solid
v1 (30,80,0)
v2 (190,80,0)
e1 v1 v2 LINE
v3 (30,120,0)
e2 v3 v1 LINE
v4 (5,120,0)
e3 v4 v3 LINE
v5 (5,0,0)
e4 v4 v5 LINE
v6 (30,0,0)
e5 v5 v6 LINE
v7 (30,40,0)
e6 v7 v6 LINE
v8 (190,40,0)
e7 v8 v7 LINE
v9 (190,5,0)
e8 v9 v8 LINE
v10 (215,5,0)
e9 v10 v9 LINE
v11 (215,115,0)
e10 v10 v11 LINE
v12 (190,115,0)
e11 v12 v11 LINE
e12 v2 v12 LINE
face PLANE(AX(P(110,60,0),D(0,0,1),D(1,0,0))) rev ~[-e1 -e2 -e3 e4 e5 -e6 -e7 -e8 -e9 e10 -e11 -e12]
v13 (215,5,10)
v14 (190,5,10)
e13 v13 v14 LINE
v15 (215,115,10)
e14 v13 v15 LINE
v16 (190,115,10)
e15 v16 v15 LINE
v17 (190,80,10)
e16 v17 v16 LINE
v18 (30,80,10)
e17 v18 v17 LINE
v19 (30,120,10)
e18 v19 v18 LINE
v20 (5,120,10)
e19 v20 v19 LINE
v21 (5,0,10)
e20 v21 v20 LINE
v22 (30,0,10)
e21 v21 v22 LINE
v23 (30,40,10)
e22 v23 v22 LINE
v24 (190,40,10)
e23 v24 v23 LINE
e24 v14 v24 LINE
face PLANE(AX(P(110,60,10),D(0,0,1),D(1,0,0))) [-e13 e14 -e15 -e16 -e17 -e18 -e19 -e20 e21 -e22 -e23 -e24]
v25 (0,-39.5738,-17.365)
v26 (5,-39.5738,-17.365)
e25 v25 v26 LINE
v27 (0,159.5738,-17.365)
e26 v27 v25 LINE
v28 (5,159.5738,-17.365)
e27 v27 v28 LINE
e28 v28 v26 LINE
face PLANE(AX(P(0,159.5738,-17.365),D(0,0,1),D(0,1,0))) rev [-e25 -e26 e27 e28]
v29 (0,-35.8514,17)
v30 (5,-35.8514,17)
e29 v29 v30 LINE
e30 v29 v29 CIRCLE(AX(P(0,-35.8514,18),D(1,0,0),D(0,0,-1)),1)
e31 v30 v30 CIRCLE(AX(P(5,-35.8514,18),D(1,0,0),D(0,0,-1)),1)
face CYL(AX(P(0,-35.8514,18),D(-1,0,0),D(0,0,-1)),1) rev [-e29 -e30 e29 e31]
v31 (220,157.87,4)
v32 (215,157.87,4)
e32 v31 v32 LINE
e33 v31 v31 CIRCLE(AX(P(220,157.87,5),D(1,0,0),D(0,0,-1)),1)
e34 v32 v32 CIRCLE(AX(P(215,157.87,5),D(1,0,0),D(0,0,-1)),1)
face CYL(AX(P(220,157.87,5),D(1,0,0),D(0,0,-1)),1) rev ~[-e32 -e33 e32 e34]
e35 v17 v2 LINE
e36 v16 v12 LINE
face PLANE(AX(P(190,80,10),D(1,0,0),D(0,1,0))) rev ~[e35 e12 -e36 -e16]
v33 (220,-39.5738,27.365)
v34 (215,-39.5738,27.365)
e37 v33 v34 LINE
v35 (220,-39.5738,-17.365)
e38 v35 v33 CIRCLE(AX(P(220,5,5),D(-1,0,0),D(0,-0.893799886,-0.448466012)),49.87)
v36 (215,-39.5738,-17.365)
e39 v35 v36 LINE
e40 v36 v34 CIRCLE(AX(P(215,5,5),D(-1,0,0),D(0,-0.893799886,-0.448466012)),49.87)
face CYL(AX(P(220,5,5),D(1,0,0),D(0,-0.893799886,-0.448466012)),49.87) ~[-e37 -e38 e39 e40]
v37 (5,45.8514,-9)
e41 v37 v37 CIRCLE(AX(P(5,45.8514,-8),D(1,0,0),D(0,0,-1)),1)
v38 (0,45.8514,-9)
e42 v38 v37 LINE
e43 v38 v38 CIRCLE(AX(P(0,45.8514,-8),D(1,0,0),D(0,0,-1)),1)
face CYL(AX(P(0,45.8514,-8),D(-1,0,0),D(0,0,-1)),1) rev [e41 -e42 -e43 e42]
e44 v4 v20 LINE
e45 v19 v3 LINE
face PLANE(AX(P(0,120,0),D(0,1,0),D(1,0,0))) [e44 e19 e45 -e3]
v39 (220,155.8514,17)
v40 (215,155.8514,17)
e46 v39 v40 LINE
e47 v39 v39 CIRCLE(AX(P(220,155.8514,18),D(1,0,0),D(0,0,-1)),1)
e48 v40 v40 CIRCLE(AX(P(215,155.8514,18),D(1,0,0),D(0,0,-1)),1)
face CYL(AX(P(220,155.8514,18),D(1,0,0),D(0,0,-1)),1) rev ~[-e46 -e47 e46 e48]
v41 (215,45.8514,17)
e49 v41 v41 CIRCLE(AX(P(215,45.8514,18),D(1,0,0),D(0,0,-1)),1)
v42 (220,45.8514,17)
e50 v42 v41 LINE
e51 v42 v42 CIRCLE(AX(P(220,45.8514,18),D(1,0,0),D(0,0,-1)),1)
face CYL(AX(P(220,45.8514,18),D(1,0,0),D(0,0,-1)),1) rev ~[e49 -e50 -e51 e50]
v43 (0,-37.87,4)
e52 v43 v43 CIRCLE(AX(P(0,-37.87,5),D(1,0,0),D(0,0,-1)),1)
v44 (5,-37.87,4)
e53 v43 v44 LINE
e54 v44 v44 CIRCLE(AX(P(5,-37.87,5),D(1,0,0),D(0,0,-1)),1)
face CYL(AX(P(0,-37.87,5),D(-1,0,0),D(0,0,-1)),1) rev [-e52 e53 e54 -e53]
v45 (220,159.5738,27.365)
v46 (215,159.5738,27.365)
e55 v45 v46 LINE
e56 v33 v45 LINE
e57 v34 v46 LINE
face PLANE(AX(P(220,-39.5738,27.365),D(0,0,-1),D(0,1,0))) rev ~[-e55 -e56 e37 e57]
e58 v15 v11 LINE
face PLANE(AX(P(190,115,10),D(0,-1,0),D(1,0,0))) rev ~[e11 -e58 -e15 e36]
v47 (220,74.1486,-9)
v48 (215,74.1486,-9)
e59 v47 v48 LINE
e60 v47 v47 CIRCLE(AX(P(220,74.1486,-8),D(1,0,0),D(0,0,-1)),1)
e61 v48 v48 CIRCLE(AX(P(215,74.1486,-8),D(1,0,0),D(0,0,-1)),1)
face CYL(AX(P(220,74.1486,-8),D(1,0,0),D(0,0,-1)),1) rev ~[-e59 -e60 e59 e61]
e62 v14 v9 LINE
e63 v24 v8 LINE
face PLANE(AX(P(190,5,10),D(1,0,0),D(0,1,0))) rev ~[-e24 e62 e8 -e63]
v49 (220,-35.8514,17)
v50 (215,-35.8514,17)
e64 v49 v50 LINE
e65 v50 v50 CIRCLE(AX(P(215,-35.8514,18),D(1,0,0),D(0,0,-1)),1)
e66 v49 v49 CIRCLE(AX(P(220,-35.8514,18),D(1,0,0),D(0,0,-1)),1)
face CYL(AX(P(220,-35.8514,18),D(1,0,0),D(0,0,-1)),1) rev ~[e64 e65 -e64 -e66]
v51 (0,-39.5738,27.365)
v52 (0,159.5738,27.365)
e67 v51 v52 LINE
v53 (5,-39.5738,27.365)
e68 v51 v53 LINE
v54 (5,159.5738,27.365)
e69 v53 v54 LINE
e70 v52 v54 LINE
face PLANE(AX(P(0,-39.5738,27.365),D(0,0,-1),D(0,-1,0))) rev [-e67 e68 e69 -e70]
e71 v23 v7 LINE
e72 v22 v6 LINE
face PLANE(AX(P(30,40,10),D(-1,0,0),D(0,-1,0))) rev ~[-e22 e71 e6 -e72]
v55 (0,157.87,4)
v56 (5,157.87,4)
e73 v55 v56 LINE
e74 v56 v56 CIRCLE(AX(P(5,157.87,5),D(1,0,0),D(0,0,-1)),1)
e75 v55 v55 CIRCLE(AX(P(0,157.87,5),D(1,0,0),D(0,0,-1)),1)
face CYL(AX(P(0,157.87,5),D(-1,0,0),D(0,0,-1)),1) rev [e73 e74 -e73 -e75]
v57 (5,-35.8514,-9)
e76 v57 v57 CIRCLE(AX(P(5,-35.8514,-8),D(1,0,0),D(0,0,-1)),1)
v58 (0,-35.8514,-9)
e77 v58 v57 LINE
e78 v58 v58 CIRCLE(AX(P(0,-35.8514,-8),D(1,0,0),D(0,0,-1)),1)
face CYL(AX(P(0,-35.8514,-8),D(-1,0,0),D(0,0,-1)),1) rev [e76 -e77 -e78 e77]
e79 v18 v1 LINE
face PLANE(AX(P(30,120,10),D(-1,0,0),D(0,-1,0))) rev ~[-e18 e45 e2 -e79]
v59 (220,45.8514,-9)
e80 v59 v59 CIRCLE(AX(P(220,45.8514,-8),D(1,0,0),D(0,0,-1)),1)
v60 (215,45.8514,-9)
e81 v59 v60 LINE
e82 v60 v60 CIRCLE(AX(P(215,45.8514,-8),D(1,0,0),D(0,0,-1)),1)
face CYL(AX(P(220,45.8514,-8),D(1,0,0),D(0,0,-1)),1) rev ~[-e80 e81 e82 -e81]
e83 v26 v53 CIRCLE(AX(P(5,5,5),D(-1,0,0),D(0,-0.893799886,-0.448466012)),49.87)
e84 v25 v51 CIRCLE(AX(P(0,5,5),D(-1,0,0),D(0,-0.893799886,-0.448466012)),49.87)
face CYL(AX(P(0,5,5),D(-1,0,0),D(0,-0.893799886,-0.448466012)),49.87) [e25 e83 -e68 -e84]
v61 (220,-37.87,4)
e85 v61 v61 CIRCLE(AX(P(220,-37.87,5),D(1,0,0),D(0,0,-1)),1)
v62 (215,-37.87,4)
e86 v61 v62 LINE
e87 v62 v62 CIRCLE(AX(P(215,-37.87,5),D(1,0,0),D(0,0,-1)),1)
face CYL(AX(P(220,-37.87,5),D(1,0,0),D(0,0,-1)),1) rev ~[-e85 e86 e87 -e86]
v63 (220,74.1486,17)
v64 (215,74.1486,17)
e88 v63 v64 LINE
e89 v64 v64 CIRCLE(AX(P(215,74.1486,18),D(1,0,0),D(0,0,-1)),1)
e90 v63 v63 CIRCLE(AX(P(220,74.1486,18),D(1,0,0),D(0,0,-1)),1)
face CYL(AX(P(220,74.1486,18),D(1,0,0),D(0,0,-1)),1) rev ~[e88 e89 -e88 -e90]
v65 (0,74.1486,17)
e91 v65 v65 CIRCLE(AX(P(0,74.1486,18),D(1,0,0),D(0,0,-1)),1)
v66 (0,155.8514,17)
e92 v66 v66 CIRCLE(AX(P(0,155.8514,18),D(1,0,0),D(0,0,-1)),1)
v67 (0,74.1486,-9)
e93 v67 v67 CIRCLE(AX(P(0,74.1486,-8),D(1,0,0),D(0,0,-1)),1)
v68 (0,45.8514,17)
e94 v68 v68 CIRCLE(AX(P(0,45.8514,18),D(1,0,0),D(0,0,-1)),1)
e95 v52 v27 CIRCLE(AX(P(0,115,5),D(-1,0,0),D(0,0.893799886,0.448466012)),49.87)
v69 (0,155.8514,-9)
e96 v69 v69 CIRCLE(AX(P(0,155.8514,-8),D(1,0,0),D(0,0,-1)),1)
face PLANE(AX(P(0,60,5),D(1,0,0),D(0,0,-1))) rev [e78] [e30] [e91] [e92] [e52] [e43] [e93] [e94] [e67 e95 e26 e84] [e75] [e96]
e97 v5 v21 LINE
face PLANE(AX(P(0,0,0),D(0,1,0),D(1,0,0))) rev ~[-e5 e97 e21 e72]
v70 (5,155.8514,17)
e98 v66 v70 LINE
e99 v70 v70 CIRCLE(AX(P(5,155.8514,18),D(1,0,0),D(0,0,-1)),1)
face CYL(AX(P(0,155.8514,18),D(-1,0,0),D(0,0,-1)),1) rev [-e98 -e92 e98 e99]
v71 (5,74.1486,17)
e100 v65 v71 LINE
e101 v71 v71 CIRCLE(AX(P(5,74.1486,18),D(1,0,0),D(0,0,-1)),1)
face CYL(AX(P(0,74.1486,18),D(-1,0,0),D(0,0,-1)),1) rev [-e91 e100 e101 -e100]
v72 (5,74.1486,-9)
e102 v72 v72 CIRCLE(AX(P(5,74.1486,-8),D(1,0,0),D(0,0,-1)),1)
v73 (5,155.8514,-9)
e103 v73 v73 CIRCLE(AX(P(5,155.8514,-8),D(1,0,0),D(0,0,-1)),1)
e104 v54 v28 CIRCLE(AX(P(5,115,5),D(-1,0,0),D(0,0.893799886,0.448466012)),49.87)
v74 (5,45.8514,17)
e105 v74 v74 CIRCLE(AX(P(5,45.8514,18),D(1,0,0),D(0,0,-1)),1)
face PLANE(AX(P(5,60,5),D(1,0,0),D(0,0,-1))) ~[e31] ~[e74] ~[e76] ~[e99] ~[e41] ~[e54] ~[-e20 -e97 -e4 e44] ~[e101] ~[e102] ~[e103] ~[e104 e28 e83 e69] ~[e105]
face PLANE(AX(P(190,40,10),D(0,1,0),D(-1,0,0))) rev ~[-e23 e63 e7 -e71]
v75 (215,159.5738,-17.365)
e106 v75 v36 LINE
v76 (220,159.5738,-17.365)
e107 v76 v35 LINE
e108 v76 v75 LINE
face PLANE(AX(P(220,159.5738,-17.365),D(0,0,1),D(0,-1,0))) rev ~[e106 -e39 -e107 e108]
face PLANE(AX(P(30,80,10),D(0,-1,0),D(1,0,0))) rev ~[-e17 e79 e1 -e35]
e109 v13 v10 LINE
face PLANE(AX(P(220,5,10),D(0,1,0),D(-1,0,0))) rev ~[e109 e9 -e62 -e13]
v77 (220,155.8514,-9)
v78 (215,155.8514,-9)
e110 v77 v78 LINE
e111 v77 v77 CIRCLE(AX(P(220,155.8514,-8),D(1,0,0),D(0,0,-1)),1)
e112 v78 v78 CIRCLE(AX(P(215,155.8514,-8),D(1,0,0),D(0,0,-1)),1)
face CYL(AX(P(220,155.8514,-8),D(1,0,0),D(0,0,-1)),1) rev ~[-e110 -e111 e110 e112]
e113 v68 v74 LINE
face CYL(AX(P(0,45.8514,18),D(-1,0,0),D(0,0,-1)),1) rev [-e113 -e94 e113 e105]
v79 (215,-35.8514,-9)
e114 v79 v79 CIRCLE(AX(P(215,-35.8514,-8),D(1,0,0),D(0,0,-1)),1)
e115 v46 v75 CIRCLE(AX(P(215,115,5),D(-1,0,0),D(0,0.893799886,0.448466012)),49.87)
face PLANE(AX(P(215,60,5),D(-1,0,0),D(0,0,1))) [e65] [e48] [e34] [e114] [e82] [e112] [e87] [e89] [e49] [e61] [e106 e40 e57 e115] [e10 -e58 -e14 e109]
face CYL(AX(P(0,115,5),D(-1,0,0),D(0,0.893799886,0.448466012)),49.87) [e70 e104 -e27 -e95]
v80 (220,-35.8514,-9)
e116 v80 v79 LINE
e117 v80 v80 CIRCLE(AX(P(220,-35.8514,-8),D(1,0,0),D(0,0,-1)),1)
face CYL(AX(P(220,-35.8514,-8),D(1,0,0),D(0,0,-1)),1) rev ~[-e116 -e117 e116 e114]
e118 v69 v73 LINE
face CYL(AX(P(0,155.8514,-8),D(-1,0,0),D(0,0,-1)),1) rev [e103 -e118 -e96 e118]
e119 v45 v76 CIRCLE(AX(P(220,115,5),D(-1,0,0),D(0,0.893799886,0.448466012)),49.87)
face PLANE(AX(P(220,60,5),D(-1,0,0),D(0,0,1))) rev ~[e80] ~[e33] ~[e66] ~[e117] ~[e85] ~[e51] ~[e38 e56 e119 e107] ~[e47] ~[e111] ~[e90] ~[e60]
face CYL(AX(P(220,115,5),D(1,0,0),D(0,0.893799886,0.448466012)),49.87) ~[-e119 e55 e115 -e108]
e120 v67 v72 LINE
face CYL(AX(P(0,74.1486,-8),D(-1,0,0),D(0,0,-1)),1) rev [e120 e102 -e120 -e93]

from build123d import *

# Parameters (mm, degrees)
SKETCH_1_W          = 220
SKETCH_1_H          = 120
EXTRUDE_1_DEPTH     = 10
CUT_EXTRUDE_1_DEPTH = 10
SKETCH_5_R          = 1
SKETCH_5_W          = 10
SKETCH_5_H          = 110
EXTRUDE_2_DEPTH     = 5


with BuildPart() as part:
    # 草图1 → 凸台-拉伸1 (new body)
    with BuildSketch(Plane.XY):
        with Locations((110, 60)):
            Rectangle(SKETCH_1_W, SKETCH_1_H)
    extrude(amount=EXTRUDE_1_DEPTH)

    # 草图2 → 切除-拉伸1 (cut)
    with BuildSketch(Plane.XY.offset(10)):
        Polygon((220, 120), (30, 120), (30, 80), (190, 80), (190, 115), (220, 115), align=None)
        Polygon((220, 0), (220, 5), (190, 5), (190, 40), (30, 40), (30, 0), align=None)
    extrude(amount=-CUT_EXTRUDE_1_DEPTH, mode=Mode.SUBTRACT)

    # 草图5 → 凸台-拉伸2 (add)
    # profile 1 of 3: a face of its own
    with BuildSketch(Plane(origin=(220, 0, 0), x_dir=(0, 0, -1), z_dir=(1, 0, 0))):
        with BuildLine():
            Line((-27.365, 70.42619968), (-27.365, 159.57380032))
            ThreePointArc((-27.365, 159.57380032), (-5, 164.87), (17.365, 159.57380032))
            Line((17.365, 159.57380032), (17.365, 70.42619968))
            Line((17.365, 70.42619968), (17.365, 49.57380032))
            Line((17.365, 49.57380032), (17.365, -39.57380032))
            ThreePointArc((17.365, -39.57380032), (-5, -44.87), (-27.365, -39.57380032))
            Line((-27.365, -39.57380032), (-27.365, 49.57380032))
            Line((-27.365, 49.57380032), (-27.365, 70.42619968))
        make_face()
        with Locations((-5, 157.87)):
            Circle(SKETCH_5_R, mode=Mode.SUBTRACT)
        with Locations((-18, 155.851400221)):
            Circle(SKETCH_5_R, mode=Mode.SUBTRACT)
        with Locations((8, 155.851400221)):
            Circle(SKETCH_5_R, mode=Mode.SUBTRACT)
        with Locations((8, 74.148599779)):
            Circle(SKETCH_5_R, mode=Mode.SUBTRACT)
        with Locations((-18, 74.148599779)):
            Circle(SKETCH_5_R, mode=Mode.SUBTRACT)
        with Locations((-18, 45.851400221)):
            Circle(SKETCH_5_R, mode=Mode.SUBTRACT)
        with Locations((8, 45.851400221)):
            Circle(SKETCH_5_R, mode=Mode.SUBTRACT)
        with Locations((8, -35.851400221)):
            Circle(SKETCH_5_R, mode=Mode.SUBTRACT)
        with Locations((-18, -35.851400221)):
            Circle(SKETCH_5_R, mode=Mode.SUBTRACT)
        with Locations((-5, -37.87)):
            Circle(SKETCH_5_R, mode=Mode.SUBTRACT)
        with Locations((-5, 60)):
            Rectangle(SKETCH_5_W, SKETCH_5_H, mode=Mode.SUBTRACT)
    # profile 2 of 3: a face of its own
    with BuildSketch(Plane(origin=(220, 0, 0), x_dir=(0, 0, -1), z_dir=(1, 0, 0))):
        with Locations((-5, 47.87)):
            Circle(SKETCH_5_R)
    # profile 3 of 3: a face of its own
    with BuildSketch(Plane(origin=(220, 0, 0), x_dir=(0, 0, -1), z_dir=(1, 0, 0))):
        with Locations((-5, 72.13)):
            Circle(SKETCH_5_R)
    extrude_2 = extrude(amount=-EXTRUDE_2_DEPTH)

    # 镜向1: 凸台-拉伸2 across plane
    add(extrude_2.mirror(Plane(origin=(110, 0, 0), x_dir=(0, 0, 1), z_dir=(1, 0, 0))))


solid = part.part
